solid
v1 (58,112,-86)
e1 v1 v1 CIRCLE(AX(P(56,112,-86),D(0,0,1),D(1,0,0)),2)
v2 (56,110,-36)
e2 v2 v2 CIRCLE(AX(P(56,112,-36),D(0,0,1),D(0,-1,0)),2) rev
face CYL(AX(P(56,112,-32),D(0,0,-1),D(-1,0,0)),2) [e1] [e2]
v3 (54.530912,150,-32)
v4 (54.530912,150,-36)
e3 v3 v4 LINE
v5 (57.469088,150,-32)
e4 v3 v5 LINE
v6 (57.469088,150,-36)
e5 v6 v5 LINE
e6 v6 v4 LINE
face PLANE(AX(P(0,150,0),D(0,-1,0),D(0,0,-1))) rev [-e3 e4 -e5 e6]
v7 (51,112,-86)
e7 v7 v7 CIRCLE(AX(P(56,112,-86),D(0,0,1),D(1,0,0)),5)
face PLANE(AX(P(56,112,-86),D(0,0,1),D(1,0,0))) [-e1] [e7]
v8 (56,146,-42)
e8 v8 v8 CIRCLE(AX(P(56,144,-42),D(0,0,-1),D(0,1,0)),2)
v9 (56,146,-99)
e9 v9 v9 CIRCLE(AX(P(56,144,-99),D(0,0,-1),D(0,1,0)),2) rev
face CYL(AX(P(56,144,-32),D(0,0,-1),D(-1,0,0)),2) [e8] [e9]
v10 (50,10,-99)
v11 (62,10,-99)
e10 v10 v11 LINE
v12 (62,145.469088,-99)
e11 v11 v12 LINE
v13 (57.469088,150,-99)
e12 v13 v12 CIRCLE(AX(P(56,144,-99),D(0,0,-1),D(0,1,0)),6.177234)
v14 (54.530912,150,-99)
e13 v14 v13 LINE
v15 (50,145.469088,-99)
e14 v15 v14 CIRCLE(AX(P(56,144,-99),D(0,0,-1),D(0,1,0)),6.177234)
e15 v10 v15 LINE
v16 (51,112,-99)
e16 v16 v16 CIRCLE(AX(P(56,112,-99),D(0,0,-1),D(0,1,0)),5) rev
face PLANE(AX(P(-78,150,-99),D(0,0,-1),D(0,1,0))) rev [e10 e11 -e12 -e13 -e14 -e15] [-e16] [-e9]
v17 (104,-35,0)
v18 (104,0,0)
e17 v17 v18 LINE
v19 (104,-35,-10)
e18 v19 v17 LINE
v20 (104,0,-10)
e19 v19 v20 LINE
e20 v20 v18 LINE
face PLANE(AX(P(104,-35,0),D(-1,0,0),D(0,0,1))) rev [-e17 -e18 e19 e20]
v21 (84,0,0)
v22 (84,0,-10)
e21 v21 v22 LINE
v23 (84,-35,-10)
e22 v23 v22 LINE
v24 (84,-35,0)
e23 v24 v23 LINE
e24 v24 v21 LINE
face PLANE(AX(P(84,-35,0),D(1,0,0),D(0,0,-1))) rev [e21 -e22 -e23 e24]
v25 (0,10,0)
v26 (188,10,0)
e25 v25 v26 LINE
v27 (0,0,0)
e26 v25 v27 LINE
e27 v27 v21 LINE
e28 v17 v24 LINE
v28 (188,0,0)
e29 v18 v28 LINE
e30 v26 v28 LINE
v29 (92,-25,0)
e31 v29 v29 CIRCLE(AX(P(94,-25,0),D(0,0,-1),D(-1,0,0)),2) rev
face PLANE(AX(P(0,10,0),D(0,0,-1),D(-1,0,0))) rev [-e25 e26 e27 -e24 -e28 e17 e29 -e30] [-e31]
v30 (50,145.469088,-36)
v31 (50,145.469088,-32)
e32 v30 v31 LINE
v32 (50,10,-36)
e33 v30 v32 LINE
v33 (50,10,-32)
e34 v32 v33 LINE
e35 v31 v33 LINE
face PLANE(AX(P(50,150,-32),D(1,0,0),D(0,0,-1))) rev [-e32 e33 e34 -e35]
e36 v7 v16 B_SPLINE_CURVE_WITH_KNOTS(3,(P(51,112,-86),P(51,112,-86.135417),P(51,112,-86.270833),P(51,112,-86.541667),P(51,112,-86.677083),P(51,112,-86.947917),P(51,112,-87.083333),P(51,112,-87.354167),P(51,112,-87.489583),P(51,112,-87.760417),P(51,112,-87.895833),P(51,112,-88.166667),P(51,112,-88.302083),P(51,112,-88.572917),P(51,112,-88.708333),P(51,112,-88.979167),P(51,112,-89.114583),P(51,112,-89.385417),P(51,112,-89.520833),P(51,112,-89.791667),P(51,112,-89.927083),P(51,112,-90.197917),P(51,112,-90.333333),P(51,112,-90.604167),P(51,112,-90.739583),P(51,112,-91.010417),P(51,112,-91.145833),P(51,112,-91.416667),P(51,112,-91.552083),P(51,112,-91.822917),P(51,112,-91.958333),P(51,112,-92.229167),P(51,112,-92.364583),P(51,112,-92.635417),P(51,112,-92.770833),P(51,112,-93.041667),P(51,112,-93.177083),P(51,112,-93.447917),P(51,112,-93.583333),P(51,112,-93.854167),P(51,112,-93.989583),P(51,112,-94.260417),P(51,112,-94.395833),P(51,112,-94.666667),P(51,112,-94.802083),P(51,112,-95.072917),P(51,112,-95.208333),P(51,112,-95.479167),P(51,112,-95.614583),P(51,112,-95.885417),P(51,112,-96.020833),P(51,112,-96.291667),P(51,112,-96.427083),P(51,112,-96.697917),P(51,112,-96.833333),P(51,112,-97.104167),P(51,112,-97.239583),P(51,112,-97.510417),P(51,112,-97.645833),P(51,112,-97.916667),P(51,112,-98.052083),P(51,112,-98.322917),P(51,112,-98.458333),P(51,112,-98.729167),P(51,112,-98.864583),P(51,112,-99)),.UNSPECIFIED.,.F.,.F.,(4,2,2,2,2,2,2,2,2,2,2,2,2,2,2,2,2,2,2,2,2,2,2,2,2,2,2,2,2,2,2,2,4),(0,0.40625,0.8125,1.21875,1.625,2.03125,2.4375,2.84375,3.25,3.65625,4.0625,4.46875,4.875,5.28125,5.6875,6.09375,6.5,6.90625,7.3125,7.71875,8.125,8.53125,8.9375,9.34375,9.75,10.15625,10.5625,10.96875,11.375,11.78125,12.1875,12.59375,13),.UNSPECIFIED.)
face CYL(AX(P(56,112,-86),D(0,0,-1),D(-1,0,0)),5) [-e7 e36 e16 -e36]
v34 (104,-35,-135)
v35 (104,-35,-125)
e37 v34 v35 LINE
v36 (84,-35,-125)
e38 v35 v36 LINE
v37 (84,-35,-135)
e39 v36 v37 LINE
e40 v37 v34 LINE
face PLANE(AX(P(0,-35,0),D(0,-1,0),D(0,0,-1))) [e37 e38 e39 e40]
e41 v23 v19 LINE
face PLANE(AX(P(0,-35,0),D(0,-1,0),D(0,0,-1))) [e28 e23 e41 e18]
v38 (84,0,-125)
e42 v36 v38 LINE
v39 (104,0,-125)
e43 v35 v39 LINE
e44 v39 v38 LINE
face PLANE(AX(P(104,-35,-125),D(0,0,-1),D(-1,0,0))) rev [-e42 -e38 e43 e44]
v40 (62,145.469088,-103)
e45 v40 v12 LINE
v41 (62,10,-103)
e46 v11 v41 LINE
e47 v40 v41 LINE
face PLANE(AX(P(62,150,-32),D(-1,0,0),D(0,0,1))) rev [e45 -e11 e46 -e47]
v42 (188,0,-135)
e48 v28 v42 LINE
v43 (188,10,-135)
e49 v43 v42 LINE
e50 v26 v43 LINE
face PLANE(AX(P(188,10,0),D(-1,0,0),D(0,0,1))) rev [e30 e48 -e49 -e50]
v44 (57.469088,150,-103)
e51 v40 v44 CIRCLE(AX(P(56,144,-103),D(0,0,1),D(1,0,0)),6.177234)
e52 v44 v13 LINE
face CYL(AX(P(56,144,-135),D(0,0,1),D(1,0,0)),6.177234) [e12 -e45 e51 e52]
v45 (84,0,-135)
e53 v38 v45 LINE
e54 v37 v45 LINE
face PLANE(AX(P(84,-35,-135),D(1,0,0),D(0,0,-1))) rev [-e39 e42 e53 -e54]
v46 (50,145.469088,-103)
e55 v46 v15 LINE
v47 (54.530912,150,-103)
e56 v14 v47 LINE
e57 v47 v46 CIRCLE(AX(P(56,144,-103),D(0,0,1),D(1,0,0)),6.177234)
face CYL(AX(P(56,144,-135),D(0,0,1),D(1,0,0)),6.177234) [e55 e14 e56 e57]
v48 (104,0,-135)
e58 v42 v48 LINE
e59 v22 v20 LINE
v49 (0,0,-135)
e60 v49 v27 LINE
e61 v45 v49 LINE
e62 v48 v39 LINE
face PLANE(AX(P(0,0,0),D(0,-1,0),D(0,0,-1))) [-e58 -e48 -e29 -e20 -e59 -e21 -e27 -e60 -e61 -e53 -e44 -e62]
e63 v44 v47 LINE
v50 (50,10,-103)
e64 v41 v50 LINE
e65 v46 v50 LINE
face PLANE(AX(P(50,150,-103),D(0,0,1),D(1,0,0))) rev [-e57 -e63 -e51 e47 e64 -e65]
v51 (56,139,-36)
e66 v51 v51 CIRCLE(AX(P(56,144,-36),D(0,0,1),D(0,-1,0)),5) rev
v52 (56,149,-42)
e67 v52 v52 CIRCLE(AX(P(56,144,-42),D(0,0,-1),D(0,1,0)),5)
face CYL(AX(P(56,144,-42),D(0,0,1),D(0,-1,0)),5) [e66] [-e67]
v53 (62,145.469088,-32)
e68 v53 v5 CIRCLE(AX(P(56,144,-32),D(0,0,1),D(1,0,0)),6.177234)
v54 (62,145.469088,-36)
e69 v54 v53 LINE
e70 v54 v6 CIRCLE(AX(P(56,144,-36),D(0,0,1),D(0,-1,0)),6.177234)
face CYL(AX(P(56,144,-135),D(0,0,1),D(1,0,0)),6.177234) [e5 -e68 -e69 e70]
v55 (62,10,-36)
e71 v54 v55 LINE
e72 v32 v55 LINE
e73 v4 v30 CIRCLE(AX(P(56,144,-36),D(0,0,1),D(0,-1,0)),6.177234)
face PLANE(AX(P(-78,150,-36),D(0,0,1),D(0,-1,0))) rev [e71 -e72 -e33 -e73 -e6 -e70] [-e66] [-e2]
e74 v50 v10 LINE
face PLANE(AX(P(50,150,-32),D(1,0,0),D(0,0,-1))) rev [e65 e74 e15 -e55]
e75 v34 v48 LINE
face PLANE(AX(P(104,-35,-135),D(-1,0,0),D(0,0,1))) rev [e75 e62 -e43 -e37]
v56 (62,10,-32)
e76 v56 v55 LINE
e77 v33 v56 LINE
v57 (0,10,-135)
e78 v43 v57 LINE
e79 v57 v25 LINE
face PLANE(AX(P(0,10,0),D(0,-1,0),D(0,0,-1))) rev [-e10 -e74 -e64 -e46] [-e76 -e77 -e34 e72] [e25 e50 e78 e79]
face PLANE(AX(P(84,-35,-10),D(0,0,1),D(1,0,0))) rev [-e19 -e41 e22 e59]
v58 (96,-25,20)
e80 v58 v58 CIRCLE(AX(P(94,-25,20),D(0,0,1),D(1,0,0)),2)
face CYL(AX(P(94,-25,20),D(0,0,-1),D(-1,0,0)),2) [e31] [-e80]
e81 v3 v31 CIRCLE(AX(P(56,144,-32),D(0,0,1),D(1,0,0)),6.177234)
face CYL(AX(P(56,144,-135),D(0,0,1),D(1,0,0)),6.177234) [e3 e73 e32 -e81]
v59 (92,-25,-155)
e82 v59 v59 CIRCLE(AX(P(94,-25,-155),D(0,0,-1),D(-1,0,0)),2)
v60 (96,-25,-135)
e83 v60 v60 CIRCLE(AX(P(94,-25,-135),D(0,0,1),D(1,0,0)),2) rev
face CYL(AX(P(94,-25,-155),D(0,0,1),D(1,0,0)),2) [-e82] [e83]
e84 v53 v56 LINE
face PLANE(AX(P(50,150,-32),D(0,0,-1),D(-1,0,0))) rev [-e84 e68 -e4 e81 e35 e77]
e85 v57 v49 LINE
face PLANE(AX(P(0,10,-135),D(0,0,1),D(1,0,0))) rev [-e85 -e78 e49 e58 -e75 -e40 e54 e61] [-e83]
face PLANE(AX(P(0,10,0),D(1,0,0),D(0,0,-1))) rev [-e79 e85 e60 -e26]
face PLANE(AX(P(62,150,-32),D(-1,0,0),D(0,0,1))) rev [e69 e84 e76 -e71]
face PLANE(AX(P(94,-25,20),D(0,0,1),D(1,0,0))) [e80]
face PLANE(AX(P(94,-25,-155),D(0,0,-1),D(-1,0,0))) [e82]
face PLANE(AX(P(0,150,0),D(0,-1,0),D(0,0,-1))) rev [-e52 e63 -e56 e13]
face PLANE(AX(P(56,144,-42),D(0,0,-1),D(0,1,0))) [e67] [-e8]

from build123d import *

# Parameters (mm, degrees)
ESQUISSE1_W             = 188
ESQUISSE1_H             = 135
BOSS_EXTRU_1_DEPTH      = 10
ESQUISSE2_W             = 12
ESQUISSE2_H             = 71
BOSS_EXTRU_2_DEPTH      = 140
ESQUISSE4_W             = 63
ESQUISSE4_H             = 140
ENL_V_MAT_EXTRU_1_DEPTH = 140
ESQUISSE6_R             = 2
BOSS_EXTRU_3_DEPTH      = 67
ENL_V_MAT_EXTRU_2_DEPTH = 262.635242274
ESQUISSE11_W            = 20
ESQUISSE11_H            = 10
BOSS_EXTRU_4_DEPTH      = 35
ESQUISSE12_R            = 2
BOSS_EXTRU_5_DEPTH      = 20
ESQUISSE13_W            = 20
ESQUISSE13_H            = 10
BOSS_EXTRU_6_DEPTH      = 35
BOSS_EXTRU_7_START      = 20
ESQUISSE14_R            = 2
BOSS_EXTRU_7_DEPTH      = 20
ESQUISSE15_R            = 2
BOSS_EXTRU_8_DEPTH      = 67
ESQUISSE16_R            = 5
BOSS_EXTRU_9_DEPTH      = 13
ESQUISSE17_R            = 5
BOSS_EXTRU_10_DEPTH     = 6


with BuildPart() as part:
    # Esquisse1 → Boss.-Extru.1 (new body)
    with BuildSketch(Plane(origin=(0, 0, 0), x_dir=(1, 0, 0), z_dir=(0, 1, 0))):
        with Locations((94, 67.5)):
            Rectangle(ESQUISSE1_W, ESQUISSE1_H)
    extrude(amount=BOSS_EXTRU_1_DEPTH)

    # Esquisse2 → Boss.-Extru.2 (add)
    with BuildSketch(Plane(origin=(0, 10, 0), x_dir=(1, 0, 0), z_dir=(0, 1, 0))):
        with Locations((56, 67.5)):
            Rectangle(ESQUISSE2_W, ESQUISSE2_H)
    extrude(amount=BOSS_EXTRU_2_DEPTH)

    # Esquisse4 → Enlèv. mat.-Extru.1 (cut)
    with BuildSketch(Plane(origin=(62, 0, 0), x_dir=(0, 0, -1), z_dir=(1, 0, 0))):
        with Locations((67.5, 80)):
            Rectangle(ESQUISSE4_W, ESQUISSE4_H)
    extrude(amount=-ENL_V_MAT_EXTRU_1_DEPTH, mode=Mode.SUBTRACT)

    # Esquisse6 → Boss.-Extru.3 (add)
    with BuildSketch(Plane.XY.offset(-99)):
        with Locations(Location((56, 144, 0), (0, 0, 90))):
            Circle(ESQUISSE6_R)
    extrude(amount=BOSS_EXTRU_3_DEPTH)

    # Esquisse7 → Enlèv. mat.-Extru.2 (cut, through all)
    with BuildSketch(Plane.XY.offset(-32)):
        with BuildLine():
            Line((50, 145.469087673), (50, 152.744377171))
            Line((50, 152.744377171), (62, 152.744377171))
            Line((62, 152.744377171), (62, 145.469087673))
            ThreePointArc((62, 145.469087673), (56, 150.177233895), (50, 145.469087673))
        make_face()
    extrude(amount=-ENL_V_MAT_EXTRU_2_DEPTH, mode=Mode.SUBTRACT)

    # Esquisse11 → Boss.-Extru.4 (add)
    with BuildSketch(Plane.XZ):
        with Locations((94, -5)):
            Rectangle(ESQUISSE11_W, ESQUISSE11_H)
    extrude(amount=BOSS_EXTRU_4_DEPTH)

    # Esquisse12 → Boss.-Extru.5 (add)
    with BuildSketch(Plane.XY):
        with Locations(Location((94, -25, 0), (0, 0, 180))):
            Circle(ESQUISSE12_R)
    extrude(amount=BOSS_EXTRU_5_DEPTH)

    # Esquisse13 → Boss.-Extru.6 (add)
    with BuildSketch(Plane.XZ):
        with Locations((94, -130)):
            Rectangle(ESQUISSE13_W, ESQUISSE13_H)
    extrude(amount=BOSS_EXTRU_6_DEPTH)

    # Esquisse14 → Boss.-Extru.7 (add)
    with BuildSketch(Plane(origin=(0, 0, -135), x_dir=(-1, 0, 0), z_dir=(0, 0, -1)).offset(BOSS_EXTRU_7_START)):
        with Locations((-94, -25)):
            Circle(ESQUISSE14_R)
    extrude(amount=-BOSS_EXTRU_7_DEPTH)

    # Esquisse15 → Boss.-Extru.8 (add)
    with BuildSketch(Plane.XY.offset(-99)):
        with Locations(Location((56, 112, 0), (0, 0, 90))):
            Circle(ESQUISSE15_R)
    extrude(amount=BOSS_EXTRU_8_DEPTH)

    # Esquisse16 → Boss.-Extru.9 (add)
    with BuildSketch(Plane.XY.offset(-99)):
        with Locations(Location((56, 112, 0), (0, 0, 180))):
            Circle(ESQUISSE16_R)
    extrude(amount=BOSS_EXTRU_9_DEPTH)

    # Esquisse17 → Boss.-Extru.10 (add)
    with BuildSketch(Plane(origin=(0, 0, -36), x_dir=(-1, 0, 0), z_dir=(0, 0, -1))):
        with Locations(Location((-56, 144, 0), (0, 0, 270))):
            Circle(ESQUISSE17_R)
    extrude(amount=BOSS_EXTRU_10_DEPTH)


solid = part.part
